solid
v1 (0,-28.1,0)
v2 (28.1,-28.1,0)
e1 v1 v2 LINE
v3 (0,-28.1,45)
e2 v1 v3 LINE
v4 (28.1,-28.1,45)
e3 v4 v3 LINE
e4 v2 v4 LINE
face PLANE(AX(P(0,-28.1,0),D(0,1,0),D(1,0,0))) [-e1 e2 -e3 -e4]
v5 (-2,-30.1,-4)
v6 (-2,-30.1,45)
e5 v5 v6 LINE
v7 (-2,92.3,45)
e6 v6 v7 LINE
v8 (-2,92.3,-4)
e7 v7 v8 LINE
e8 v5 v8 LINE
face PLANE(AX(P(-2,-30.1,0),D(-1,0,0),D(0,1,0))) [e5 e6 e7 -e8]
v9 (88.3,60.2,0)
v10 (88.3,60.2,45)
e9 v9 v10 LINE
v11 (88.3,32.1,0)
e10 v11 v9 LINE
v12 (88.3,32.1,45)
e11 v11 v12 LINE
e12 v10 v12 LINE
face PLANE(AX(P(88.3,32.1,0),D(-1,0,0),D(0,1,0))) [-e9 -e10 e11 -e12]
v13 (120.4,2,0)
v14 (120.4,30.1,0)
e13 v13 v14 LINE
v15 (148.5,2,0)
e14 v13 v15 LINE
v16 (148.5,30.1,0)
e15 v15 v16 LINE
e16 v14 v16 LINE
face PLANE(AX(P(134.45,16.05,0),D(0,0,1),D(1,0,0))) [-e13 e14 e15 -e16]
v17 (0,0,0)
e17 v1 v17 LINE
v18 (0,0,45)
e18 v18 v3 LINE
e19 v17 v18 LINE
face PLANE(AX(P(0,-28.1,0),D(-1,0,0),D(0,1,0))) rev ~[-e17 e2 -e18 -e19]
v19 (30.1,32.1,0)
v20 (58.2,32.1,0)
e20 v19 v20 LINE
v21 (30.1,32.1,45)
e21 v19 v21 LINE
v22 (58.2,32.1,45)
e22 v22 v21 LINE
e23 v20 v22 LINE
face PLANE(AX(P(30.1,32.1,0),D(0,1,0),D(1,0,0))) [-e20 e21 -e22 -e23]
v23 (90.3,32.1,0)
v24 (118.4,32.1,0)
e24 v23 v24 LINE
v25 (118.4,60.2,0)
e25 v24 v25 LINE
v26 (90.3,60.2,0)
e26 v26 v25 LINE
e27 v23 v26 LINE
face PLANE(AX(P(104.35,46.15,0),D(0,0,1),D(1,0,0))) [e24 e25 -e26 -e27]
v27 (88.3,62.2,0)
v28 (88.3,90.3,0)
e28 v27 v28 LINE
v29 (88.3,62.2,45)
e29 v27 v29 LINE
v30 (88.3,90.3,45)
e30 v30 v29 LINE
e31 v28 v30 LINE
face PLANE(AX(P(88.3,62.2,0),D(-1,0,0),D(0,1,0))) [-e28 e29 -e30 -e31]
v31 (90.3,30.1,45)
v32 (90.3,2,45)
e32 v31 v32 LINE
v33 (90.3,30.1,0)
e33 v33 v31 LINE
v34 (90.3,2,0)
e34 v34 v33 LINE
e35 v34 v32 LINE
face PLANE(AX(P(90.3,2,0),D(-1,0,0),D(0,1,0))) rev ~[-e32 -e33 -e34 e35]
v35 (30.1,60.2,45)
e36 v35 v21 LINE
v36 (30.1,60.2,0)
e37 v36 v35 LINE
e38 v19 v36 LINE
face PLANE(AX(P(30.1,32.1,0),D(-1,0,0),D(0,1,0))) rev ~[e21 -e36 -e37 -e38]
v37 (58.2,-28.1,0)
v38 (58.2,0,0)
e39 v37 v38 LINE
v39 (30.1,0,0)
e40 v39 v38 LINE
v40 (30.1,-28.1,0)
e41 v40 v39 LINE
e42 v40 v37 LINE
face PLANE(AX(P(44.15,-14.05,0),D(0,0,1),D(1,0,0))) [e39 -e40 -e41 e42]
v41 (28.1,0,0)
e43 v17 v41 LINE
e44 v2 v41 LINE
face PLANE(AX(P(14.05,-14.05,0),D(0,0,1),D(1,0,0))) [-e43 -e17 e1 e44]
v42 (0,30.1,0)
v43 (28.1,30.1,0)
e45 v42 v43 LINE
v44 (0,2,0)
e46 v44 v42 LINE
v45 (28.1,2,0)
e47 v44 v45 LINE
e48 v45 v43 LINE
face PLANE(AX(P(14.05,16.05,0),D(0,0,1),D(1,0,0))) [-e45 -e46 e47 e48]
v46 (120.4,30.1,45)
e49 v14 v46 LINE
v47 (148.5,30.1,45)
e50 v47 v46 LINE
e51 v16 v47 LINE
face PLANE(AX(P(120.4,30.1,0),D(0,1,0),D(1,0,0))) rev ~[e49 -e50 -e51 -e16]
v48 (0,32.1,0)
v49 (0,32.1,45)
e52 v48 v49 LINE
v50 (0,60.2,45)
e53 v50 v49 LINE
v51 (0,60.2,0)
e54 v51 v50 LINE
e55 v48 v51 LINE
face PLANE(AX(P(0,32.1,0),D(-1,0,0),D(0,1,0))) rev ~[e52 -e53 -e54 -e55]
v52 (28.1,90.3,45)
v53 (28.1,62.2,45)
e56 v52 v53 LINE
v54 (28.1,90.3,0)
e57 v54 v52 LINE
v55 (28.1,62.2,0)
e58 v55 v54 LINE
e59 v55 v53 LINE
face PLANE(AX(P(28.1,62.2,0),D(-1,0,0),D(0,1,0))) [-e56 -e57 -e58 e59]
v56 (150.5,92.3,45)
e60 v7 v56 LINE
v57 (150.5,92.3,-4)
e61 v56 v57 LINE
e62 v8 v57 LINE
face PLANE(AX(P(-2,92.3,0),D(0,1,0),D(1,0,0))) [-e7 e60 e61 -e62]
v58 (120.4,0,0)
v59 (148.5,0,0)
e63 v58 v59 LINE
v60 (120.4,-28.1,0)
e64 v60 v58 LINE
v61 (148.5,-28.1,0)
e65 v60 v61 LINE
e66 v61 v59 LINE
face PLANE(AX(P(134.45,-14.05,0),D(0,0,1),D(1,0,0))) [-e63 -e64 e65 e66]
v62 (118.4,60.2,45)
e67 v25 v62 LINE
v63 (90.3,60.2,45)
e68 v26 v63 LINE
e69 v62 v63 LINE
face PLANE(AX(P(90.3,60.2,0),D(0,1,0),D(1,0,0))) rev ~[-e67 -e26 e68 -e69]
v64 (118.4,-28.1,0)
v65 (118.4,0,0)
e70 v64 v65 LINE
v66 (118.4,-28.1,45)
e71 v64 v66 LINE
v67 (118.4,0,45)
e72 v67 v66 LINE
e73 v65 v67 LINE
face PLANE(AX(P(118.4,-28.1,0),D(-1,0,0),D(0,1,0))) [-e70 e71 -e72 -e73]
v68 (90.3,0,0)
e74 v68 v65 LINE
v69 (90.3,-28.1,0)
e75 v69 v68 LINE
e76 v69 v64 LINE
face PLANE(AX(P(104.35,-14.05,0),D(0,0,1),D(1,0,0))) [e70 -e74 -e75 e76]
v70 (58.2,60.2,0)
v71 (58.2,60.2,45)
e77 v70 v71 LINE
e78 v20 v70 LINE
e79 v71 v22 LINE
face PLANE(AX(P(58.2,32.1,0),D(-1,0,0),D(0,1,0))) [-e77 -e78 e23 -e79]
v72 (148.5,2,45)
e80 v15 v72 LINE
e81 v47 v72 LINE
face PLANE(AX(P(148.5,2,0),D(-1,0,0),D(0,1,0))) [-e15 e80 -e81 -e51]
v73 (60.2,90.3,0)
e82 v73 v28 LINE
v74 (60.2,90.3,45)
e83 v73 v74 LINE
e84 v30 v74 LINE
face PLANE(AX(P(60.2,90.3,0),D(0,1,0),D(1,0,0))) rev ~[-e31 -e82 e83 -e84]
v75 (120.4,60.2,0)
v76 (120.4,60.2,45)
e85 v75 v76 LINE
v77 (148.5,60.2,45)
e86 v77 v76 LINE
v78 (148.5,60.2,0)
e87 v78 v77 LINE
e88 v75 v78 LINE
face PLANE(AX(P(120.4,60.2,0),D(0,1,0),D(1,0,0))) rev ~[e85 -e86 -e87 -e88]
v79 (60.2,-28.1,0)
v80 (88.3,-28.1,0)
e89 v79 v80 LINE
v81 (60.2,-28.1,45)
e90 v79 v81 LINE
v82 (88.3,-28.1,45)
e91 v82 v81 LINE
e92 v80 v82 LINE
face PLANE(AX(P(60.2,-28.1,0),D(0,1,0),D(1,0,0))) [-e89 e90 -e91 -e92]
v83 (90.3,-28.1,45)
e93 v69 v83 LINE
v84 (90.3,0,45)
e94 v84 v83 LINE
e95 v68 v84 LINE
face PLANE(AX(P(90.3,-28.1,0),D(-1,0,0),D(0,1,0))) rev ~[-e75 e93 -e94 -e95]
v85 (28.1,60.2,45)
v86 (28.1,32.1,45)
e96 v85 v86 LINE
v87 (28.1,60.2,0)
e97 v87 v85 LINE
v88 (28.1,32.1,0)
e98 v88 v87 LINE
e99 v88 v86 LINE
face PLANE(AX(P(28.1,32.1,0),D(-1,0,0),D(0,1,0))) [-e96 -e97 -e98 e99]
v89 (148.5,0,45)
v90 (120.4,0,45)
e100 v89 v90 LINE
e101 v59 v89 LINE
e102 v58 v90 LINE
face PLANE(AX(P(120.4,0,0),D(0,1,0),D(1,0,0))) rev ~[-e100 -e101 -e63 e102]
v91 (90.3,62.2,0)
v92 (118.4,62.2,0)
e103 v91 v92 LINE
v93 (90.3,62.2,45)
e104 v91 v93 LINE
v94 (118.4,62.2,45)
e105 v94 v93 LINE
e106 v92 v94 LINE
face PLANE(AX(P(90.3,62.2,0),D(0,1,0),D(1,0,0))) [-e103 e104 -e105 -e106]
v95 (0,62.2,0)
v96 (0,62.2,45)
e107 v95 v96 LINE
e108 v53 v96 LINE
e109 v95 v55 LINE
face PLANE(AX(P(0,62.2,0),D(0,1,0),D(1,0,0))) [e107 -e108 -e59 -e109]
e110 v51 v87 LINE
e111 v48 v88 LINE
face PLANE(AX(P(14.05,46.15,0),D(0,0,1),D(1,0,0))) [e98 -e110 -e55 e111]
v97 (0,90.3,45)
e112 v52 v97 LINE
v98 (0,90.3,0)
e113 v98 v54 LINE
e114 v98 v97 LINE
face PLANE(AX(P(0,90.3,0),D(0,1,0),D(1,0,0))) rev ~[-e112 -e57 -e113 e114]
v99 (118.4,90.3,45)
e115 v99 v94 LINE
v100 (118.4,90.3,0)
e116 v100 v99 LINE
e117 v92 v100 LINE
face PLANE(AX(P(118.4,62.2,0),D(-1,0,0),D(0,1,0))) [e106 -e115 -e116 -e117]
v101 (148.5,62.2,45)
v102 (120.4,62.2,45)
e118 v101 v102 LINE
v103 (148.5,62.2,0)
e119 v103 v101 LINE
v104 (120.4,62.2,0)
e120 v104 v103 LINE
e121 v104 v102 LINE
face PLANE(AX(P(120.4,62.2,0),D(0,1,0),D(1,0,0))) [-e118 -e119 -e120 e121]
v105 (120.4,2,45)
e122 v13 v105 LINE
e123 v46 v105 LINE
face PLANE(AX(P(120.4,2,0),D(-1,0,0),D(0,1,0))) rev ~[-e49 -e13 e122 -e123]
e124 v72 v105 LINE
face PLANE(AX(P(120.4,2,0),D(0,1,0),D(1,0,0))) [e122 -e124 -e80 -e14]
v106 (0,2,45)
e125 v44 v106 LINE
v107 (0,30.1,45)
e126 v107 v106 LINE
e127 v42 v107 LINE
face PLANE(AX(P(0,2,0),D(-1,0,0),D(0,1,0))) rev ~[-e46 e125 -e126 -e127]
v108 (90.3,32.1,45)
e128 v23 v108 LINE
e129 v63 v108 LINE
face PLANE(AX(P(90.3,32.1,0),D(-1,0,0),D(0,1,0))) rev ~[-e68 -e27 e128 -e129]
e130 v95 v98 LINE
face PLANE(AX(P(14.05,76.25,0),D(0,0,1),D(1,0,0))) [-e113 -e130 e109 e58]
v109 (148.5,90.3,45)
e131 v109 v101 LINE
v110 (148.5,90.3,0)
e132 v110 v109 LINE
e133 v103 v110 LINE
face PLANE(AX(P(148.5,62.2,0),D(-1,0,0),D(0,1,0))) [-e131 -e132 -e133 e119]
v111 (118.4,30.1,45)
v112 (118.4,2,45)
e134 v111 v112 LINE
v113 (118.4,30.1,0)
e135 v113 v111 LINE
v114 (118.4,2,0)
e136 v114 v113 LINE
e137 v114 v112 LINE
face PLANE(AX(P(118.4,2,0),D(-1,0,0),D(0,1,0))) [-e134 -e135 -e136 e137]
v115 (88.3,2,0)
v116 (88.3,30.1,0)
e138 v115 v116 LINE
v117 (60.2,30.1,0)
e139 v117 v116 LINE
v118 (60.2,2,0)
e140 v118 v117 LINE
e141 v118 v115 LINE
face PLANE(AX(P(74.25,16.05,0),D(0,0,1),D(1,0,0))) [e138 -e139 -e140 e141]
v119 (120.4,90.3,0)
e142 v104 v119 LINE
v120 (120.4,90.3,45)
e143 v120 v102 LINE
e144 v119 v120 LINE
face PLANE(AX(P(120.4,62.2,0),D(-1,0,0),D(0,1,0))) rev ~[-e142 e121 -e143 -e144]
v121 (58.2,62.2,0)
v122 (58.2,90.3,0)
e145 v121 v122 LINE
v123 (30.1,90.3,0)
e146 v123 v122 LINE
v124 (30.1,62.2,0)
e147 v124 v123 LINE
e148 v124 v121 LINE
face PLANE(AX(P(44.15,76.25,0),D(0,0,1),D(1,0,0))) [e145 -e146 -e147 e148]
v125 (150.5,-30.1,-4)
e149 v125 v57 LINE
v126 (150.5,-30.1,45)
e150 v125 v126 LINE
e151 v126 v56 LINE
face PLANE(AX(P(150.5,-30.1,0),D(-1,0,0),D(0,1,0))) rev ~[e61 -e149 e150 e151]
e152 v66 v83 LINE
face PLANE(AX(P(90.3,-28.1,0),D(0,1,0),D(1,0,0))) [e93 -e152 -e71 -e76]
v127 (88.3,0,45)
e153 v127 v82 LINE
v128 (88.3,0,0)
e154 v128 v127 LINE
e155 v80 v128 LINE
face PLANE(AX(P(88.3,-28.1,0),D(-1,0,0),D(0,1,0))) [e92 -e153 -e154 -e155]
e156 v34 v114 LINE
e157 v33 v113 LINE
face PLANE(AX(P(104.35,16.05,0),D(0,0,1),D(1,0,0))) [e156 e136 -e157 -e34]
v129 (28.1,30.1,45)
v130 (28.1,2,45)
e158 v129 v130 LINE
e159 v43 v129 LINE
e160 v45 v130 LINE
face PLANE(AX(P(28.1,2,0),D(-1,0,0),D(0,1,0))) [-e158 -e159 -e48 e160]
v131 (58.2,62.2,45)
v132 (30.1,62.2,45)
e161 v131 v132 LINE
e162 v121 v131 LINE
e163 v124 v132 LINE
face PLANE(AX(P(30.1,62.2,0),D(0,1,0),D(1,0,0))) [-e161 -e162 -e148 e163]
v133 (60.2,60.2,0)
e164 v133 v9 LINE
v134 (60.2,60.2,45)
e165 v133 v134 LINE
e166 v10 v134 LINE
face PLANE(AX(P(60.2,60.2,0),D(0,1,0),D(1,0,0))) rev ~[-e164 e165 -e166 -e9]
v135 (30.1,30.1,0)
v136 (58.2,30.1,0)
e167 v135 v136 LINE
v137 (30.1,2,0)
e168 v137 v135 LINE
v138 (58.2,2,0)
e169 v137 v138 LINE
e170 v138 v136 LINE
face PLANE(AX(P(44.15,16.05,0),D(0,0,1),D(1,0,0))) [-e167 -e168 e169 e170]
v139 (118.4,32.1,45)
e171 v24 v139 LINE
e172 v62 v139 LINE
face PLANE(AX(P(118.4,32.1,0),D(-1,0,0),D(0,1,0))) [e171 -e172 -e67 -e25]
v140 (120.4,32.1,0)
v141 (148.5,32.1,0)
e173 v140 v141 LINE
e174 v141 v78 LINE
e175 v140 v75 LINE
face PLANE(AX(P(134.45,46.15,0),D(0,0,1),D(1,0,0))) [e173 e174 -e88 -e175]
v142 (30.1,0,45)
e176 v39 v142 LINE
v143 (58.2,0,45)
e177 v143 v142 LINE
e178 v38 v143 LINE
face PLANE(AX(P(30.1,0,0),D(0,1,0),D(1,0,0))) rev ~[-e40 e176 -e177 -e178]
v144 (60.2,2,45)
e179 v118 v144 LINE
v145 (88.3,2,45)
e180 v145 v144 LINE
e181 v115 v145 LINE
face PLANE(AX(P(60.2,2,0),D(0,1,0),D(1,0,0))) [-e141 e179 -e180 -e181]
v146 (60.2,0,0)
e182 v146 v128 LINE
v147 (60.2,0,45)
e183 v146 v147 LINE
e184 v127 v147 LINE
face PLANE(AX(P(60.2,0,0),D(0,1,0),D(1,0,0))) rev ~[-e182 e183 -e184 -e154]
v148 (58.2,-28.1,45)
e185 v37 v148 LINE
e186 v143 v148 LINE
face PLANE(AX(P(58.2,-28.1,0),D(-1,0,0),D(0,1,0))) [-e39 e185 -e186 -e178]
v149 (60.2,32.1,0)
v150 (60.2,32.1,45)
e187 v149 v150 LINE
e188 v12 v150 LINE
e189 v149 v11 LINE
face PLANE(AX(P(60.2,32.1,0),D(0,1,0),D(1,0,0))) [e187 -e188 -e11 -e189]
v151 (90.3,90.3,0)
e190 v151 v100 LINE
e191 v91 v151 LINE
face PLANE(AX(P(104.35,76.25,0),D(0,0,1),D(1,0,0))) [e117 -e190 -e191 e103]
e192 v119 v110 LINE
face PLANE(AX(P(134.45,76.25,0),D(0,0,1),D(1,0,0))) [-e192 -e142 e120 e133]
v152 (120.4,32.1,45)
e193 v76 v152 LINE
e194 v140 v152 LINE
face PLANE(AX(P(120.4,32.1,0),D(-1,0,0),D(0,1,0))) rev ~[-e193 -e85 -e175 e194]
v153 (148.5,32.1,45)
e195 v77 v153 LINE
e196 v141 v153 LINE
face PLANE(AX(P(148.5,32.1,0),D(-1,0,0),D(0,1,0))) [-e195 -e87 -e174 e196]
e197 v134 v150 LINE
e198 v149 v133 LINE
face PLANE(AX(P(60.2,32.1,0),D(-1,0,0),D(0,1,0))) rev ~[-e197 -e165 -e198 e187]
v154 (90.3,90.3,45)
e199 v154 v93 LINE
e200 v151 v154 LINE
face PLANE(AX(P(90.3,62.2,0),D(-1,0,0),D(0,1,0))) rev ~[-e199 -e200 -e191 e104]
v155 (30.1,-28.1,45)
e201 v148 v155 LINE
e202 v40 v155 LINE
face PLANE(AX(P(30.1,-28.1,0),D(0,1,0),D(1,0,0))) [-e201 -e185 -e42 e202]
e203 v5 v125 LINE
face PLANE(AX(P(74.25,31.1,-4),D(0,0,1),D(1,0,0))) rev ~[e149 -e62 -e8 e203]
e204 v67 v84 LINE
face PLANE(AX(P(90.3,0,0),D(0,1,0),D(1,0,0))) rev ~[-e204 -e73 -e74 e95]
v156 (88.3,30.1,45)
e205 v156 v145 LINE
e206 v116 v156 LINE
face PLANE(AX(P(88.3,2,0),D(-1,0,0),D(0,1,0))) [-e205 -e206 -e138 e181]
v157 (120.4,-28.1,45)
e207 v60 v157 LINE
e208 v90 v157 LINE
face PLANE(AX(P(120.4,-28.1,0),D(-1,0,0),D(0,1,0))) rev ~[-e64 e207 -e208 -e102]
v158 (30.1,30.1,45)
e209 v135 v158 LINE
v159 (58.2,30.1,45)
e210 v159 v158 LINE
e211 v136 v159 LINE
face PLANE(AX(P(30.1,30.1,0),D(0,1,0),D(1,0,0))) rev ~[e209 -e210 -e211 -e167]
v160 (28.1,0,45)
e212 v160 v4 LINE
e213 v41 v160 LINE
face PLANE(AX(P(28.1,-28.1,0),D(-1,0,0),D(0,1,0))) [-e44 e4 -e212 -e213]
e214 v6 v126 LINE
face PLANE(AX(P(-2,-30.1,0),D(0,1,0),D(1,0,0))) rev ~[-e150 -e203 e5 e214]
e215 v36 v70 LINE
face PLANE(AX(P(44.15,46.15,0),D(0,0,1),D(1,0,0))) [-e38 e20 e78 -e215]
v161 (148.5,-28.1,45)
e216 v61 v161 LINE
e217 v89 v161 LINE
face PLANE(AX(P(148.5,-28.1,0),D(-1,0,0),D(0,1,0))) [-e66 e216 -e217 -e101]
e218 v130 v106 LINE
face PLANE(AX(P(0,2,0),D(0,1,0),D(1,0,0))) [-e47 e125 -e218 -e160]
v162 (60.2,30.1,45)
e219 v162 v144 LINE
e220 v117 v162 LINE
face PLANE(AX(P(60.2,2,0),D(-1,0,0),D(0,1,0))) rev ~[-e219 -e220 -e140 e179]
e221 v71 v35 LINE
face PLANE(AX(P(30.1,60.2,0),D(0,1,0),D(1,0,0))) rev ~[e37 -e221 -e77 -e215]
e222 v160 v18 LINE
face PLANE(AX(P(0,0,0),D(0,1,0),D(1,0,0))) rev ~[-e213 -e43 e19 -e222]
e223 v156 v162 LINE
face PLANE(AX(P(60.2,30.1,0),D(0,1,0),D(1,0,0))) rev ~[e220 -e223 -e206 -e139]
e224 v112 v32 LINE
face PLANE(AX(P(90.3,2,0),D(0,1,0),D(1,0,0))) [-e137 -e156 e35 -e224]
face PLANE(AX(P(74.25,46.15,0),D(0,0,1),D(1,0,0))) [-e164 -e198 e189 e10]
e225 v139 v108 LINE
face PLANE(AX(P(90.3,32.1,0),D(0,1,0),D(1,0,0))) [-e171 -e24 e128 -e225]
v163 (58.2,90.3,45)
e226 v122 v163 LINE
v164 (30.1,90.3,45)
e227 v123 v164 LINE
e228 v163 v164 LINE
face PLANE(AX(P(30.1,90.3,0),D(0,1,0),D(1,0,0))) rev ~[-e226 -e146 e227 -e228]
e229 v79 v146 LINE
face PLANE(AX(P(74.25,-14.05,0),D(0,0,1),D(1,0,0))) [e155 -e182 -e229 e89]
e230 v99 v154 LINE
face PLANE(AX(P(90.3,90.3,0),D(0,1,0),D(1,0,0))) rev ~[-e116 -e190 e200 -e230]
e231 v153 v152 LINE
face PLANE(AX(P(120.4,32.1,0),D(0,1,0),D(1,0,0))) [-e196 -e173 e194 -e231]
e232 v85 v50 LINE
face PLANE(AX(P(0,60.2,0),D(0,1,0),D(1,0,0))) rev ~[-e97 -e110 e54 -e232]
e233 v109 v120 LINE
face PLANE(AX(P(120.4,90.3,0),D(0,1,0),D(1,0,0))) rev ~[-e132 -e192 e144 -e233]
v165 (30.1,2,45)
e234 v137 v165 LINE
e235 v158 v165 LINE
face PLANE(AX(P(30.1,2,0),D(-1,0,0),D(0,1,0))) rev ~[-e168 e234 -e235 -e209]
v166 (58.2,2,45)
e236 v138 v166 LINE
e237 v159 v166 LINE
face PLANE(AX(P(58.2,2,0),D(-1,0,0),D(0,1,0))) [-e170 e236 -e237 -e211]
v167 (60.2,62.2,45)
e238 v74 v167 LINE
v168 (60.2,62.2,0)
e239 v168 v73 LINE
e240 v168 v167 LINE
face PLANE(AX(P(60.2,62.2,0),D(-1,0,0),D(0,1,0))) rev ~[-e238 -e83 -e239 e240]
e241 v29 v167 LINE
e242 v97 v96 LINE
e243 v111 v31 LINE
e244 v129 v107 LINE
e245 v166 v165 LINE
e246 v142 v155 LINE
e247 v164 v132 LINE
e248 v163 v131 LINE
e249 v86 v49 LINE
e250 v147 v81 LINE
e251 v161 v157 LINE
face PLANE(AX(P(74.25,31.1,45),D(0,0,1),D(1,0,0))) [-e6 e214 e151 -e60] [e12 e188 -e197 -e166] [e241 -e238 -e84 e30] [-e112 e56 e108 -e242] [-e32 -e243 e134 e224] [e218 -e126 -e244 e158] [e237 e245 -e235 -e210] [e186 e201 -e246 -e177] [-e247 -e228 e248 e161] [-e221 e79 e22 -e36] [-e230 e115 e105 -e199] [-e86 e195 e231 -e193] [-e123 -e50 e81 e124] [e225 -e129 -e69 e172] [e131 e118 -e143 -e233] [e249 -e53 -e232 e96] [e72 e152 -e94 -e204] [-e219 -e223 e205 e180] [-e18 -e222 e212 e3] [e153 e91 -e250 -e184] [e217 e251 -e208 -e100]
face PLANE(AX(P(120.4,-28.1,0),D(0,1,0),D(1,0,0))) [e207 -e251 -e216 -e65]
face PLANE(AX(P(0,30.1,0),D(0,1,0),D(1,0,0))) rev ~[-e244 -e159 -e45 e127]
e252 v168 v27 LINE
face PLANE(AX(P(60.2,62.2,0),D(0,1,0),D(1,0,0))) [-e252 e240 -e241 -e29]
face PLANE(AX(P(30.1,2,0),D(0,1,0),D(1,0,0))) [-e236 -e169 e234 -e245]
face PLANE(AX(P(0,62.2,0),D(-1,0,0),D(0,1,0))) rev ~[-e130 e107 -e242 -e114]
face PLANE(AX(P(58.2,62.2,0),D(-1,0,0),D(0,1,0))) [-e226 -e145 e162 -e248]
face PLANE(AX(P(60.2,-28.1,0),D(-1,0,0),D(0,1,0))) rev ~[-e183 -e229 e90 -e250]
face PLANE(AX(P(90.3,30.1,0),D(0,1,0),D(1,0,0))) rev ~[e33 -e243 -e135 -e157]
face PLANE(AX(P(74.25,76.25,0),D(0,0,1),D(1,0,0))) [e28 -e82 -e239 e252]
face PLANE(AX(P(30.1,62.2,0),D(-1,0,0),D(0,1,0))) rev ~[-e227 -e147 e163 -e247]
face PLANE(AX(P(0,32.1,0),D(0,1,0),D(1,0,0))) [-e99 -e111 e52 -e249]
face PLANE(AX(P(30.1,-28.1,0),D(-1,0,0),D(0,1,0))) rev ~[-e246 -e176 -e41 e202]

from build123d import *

# Parameters (mm, degrees)
F1_W     = 152.5
F1_H     = 122.4
F2_DEPTH = 4
F3_DEPTH = 45
F0_W     = 28.1
F0_H     = 28.1
F4_DEPTH = 45.001


with BuildPart() as f2:
    # F1 (on Top) → F2 (new body)
    with BuildSketch(Plane.XY):
        with Locations((74.25, 31.1)):
            Rectangle(F1_W, F1_H)
    extrude(amount=-F2_DEPTH)

    # F1 (on Top) → F3 (join)
    with BuildSketch(Plane.XY):
        with Locations((74.25, 31.1)):
            Rectangle(F1_W, F1_H)
    extrude(amount=F3_DEPTH)

    # F0 (on Top) → F4 (cut, through all)
    with BuildSketch(Plane.XY):
        with Locations((14.05, -14.05)):
            Rectangle(F0_W, F0_H)
        with Locations((14.05, 16.05)):
            Rectangle(F0_W, F0_H)
        with Locations((14.05, 46.15)):
            Rectangle(F0_W, F0_H)
        with Locations((14.05, 76.25)):
            Rectangle(F0_W, F0_H)
        with Locations((44.15, -14.05)):
            Rectangle(F0_W, F0_H)
        with Locations((44.15, 16.05)):
            Rectangle(F0_W, F0_H)
        with Locations((44.15, 46.15)):
            Rectangle(F0_W, F0_H)
        with Locations((44.15, 76.25)):
            Rectangle(F0_W, F0_H)
        with Locations((74.25, -14.05)):
            Rectangle(F0_W, F0_H)
        with Locations((74.25, 16.05)):
            Rectangle(F0_W, F0_H)
        with Locations((74.25, 46.15)):
            Rectangle(F0_W, F0_H)
        with Locations((74.25, 76.25)):
            Rectangle(F0_W, F0_H)
        with Locations((104.35, -14.05)):
            Rectangle(F0_W, F0_H)
        with Locations((104.35, 16.05)):
            Rectangle(F0_W, F0_H)
        with Locations((104.35, 46.15)):
            Rectangle(F0_W, F0_H)
        with Locations((104.35, 76.25)):
            Rectangle(F0_W, F0_H)
        with Locations((134.45, -14.05)):
            Rectangle(F0_W, F0_H)
        with Locations((134.45, 16.05)):
            Rectangle(F0_W, F0_H)
        with Locations((134.45, 46.15)):
            Rectangle(F0_W, F0_H)
        with Locations((134.45, 76.25)):
            Rectangle(F0_W, F0_H)
    extrude(amount=F4_DEPTH, mode=Mode.SUBTRACT)


solid = f2.part
